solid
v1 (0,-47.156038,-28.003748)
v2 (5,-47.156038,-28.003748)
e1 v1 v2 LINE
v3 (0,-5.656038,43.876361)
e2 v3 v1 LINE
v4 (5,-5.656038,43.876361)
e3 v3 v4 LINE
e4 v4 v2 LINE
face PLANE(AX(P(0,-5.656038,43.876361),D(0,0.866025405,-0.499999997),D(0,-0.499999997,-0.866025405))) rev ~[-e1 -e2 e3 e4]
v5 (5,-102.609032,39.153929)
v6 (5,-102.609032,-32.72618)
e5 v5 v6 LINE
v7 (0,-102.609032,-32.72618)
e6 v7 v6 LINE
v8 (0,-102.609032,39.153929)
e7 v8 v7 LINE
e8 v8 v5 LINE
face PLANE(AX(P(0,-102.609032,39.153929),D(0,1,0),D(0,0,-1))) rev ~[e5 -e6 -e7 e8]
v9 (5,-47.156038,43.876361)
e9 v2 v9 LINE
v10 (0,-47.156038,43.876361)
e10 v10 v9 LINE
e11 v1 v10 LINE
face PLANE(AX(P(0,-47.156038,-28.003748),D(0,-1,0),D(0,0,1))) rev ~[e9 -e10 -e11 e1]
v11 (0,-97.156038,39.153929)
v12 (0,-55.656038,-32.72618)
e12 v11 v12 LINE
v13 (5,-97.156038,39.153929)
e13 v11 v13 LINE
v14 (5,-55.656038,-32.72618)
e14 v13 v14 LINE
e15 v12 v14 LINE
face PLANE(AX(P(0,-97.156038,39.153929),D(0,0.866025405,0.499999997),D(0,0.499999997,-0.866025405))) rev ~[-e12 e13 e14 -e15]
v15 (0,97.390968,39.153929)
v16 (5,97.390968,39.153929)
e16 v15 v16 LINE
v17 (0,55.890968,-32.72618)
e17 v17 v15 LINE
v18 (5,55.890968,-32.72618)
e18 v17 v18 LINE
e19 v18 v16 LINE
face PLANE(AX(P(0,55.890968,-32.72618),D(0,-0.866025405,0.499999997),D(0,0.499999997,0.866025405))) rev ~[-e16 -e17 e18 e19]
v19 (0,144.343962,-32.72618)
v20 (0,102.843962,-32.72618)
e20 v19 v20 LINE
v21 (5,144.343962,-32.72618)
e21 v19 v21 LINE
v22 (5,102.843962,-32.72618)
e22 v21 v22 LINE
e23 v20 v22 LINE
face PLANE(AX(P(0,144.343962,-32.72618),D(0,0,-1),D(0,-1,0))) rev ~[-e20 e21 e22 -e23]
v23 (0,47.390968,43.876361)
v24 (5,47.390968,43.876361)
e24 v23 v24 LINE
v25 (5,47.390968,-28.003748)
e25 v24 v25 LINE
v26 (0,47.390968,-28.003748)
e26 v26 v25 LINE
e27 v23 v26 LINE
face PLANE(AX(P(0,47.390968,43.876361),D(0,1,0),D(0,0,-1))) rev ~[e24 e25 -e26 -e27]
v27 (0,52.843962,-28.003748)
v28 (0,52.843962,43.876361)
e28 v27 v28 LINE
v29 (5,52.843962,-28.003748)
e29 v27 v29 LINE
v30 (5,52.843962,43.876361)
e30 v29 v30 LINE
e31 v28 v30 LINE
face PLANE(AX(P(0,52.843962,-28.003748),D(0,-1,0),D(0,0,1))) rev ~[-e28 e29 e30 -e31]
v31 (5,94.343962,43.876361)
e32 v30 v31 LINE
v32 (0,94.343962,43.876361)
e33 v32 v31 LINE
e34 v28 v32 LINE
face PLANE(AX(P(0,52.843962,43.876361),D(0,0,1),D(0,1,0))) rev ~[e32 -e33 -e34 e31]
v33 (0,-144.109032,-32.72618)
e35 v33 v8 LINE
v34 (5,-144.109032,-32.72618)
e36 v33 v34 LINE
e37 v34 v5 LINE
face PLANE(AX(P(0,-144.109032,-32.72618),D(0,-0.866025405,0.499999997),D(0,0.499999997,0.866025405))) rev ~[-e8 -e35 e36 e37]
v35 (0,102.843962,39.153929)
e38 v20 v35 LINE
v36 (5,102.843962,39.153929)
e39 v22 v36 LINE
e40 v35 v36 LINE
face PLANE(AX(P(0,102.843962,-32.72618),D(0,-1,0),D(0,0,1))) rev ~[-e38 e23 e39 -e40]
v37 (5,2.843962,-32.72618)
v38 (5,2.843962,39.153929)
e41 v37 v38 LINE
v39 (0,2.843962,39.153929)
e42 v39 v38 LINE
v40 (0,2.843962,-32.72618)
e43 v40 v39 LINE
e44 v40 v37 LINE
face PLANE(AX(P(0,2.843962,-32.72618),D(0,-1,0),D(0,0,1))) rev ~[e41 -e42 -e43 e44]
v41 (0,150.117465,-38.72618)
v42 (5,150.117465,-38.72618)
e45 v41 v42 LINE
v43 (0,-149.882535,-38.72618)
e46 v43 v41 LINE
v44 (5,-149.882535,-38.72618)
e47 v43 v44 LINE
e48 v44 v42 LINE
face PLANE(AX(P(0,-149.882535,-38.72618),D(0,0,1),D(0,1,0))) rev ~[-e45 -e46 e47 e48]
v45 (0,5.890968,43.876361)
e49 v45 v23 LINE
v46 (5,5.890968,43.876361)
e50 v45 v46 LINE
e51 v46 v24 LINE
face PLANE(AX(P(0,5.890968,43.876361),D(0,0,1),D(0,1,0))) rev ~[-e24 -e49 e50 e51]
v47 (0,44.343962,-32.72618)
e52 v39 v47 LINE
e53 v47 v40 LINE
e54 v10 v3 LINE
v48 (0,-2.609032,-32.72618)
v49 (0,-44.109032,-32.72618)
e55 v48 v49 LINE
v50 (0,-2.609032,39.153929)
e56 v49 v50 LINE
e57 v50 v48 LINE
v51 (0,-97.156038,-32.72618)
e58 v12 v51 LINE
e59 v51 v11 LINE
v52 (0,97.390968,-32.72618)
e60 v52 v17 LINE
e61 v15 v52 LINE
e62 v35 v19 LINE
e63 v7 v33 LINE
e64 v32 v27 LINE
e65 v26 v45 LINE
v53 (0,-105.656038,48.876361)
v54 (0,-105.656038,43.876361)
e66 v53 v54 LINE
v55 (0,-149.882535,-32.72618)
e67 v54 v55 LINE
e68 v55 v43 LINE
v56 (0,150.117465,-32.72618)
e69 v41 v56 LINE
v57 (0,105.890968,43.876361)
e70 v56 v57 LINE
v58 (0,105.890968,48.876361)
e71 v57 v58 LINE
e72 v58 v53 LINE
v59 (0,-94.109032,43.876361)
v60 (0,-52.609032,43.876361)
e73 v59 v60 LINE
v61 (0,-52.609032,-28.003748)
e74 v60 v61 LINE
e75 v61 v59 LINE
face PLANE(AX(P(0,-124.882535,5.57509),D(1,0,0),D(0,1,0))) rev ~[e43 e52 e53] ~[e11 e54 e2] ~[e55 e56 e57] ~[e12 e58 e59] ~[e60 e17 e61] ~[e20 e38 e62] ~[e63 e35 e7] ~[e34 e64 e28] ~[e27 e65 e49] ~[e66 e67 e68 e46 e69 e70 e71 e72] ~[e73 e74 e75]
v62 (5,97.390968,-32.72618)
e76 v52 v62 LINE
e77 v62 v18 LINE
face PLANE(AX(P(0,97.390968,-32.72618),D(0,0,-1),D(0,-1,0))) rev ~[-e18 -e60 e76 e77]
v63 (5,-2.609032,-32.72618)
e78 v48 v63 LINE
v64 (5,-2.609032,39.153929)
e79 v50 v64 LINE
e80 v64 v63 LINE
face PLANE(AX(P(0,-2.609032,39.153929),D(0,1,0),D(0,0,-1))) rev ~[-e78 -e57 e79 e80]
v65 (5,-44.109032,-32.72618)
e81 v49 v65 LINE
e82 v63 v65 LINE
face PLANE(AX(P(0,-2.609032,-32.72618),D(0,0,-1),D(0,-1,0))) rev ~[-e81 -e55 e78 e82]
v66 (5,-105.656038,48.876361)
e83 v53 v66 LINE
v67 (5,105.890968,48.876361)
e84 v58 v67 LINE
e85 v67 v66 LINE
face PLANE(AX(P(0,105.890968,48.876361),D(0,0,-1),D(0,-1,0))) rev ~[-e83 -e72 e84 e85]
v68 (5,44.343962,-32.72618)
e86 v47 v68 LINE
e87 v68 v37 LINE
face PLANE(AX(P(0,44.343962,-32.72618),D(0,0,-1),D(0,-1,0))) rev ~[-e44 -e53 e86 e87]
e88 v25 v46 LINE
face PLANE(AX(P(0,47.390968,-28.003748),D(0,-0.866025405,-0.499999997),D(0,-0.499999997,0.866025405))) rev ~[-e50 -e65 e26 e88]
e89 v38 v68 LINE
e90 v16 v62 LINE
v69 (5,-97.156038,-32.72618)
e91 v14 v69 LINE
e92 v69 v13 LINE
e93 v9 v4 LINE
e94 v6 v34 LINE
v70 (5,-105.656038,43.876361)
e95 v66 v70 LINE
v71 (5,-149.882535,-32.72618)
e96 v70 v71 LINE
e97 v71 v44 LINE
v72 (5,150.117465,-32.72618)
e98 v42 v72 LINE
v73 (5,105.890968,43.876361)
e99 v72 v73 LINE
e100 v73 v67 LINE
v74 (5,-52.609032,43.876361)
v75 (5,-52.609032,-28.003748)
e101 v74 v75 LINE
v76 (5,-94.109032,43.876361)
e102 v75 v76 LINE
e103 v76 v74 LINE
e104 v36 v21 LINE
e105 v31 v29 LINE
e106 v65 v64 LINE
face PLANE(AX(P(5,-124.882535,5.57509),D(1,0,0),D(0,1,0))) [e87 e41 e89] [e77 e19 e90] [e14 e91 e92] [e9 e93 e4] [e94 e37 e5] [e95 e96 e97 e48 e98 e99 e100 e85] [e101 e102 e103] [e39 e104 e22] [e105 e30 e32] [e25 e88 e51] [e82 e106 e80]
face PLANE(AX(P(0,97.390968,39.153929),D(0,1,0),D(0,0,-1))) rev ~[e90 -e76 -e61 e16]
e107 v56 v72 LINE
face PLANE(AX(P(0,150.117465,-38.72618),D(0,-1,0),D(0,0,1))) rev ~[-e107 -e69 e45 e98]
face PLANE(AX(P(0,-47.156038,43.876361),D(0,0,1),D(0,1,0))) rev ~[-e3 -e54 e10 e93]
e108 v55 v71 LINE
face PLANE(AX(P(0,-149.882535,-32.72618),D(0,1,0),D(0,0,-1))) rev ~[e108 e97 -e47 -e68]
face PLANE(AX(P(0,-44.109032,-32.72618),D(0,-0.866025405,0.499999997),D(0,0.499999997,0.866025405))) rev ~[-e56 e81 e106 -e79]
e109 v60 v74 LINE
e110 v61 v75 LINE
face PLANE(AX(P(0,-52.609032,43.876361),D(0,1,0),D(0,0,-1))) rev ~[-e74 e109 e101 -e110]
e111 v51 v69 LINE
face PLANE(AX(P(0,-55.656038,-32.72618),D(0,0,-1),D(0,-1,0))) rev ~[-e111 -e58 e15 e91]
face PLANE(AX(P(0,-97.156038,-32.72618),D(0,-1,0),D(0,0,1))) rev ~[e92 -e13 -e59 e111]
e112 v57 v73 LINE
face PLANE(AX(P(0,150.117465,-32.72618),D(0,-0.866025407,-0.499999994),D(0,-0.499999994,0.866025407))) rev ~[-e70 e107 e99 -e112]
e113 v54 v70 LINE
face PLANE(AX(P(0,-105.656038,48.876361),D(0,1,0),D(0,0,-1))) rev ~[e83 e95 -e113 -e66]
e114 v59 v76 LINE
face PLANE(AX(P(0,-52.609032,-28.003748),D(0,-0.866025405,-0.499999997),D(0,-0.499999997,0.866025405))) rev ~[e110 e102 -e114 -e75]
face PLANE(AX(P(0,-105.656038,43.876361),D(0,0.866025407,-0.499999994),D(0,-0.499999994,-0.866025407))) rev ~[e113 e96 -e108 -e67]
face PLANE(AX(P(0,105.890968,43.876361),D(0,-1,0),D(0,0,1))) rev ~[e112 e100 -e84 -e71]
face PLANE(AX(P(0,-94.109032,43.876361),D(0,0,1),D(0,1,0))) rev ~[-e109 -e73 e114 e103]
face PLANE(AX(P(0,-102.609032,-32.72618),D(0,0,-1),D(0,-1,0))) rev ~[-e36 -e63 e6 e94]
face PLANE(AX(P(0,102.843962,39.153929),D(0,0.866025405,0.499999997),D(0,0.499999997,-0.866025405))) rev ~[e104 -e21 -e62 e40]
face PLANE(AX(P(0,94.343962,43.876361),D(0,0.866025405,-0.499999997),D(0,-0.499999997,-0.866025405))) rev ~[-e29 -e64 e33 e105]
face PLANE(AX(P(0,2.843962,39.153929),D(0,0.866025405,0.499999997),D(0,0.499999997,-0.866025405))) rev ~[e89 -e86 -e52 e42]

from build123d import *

# Parameters (mm, degrees)
F1_DEPTH = 5


with BuildPart() as f1:
    # F0 (on Right) → F1 (new body)
    with BuildSketch(Plane.YZ):
        Polygon((-105.656038, 43.876361), (-149.882535, -32.72618), (-144.109032, -32.72618), (-102.609032, 39.153929), (-99.882535, 43.876361), align=None)
        Polygon((-102.609032, 39.153929), (-102.609032, -32.72618), (-97.156038, -32.72618), (-97.156038, 39.153929), (-99.882535, 43.876361), align=None)
        Polygon((-149.882535, -38.72618), (150.117465, -38.72618), (150.117465, -32.72618), (144.343962, -32.72618), (102.843962, -32.72618), (97.390968, -32.72618), (55.890968, -32.72618), (50.117465, -32.72618), (44.343962, -32.72618), (2.843962, -32.72618), (-2.609032, -32.72618), (-44.109032, -32.72618), (-49.882535, -32.72618), (-55.656038, -32.72618), (-97.156038, -32.72618), (-102.609032, -32.72618), (-144.109032, -32.72618), (-149.882535, -32.72618), align=None)
        Polygon((-94.109032, 43.876361), (-99.882535, 43.876361), (-97.156038, 39.153929), (-55.656038, -32.72618), (-49.882535, -32.72618), (-52.609032, -28.003748), align=None)
        Polygon((-52.609032, 43.876361), (-52.609032, -28.003748), (-49.882535, -32.72618), (-47.156038, -28.003748), (-47.156038, 43.876361), align=None)
        Polygon((-47.156038, -28.003748), (-49.882535, -32.72618), (-44.109032, -32.72618), (-2.609032, 39.153929), (0.117465, 43.876361), (-5.656038, 43.876361), align=None)
        Polygon((-2.609032, -32.72618), (2.843962, -32.72618), (2.843962, 39.153929), (0.117465, 43.876361), (-2.609032, 39.153929), align=None)
        Polygon((44.343962, -32.72618), (50.117465, -32.72618), (47.390968, -28.003748), (5.890968, 43.876361), (0.117465, 43.876361), (2.843962, 39.153929), align=None)
        Polygon((50.117465, -32.72618), (52.843962, -28.003748), (52.843962, 43.876361), (47.390968, 43.876361), (47.390968, -28.003748), align=None)
        Polygon((97.390968, 39.153929), (100.117465, 43.876361), (94.343962, 43.876361), (52.843962, -28.003748), (50.117465, -32.72618), (55.890968, -32.72618), align=None)
        Polygon((97.390968, -32.72618), (102.843962, -32.72618), (102.843962, 39.153929), (100.117465, 43.876361), (97.390968, 39.153929), align=None)
        Polygon((144.343962, -32.72618), (150.117465, -32.72618), (105.890968, 43.876361), (100.117465, 43.876361), (102.843962, 39.153929), align=None)
        Polygon((100.117465, 43.876361), (105.890968, 43.876361), (105.890968, 48.876361), (-105.656038, 48.876361), (-105.656038, 43.876361), (-99.882535, 43.876361), (-94.109032, 43.876361), (-52.609032, 43.876361), (-47.156038, 43.876361), (-5.656038, 43.876361), (0.117465, 43.876361), (5.890968, 43.876361), (47.390968, 43.876361), (52.843962, 43.876361), (94.343962, 43.876361), align=None)
    extrude(amount=F1_DEPTH)


solid = f1.part
